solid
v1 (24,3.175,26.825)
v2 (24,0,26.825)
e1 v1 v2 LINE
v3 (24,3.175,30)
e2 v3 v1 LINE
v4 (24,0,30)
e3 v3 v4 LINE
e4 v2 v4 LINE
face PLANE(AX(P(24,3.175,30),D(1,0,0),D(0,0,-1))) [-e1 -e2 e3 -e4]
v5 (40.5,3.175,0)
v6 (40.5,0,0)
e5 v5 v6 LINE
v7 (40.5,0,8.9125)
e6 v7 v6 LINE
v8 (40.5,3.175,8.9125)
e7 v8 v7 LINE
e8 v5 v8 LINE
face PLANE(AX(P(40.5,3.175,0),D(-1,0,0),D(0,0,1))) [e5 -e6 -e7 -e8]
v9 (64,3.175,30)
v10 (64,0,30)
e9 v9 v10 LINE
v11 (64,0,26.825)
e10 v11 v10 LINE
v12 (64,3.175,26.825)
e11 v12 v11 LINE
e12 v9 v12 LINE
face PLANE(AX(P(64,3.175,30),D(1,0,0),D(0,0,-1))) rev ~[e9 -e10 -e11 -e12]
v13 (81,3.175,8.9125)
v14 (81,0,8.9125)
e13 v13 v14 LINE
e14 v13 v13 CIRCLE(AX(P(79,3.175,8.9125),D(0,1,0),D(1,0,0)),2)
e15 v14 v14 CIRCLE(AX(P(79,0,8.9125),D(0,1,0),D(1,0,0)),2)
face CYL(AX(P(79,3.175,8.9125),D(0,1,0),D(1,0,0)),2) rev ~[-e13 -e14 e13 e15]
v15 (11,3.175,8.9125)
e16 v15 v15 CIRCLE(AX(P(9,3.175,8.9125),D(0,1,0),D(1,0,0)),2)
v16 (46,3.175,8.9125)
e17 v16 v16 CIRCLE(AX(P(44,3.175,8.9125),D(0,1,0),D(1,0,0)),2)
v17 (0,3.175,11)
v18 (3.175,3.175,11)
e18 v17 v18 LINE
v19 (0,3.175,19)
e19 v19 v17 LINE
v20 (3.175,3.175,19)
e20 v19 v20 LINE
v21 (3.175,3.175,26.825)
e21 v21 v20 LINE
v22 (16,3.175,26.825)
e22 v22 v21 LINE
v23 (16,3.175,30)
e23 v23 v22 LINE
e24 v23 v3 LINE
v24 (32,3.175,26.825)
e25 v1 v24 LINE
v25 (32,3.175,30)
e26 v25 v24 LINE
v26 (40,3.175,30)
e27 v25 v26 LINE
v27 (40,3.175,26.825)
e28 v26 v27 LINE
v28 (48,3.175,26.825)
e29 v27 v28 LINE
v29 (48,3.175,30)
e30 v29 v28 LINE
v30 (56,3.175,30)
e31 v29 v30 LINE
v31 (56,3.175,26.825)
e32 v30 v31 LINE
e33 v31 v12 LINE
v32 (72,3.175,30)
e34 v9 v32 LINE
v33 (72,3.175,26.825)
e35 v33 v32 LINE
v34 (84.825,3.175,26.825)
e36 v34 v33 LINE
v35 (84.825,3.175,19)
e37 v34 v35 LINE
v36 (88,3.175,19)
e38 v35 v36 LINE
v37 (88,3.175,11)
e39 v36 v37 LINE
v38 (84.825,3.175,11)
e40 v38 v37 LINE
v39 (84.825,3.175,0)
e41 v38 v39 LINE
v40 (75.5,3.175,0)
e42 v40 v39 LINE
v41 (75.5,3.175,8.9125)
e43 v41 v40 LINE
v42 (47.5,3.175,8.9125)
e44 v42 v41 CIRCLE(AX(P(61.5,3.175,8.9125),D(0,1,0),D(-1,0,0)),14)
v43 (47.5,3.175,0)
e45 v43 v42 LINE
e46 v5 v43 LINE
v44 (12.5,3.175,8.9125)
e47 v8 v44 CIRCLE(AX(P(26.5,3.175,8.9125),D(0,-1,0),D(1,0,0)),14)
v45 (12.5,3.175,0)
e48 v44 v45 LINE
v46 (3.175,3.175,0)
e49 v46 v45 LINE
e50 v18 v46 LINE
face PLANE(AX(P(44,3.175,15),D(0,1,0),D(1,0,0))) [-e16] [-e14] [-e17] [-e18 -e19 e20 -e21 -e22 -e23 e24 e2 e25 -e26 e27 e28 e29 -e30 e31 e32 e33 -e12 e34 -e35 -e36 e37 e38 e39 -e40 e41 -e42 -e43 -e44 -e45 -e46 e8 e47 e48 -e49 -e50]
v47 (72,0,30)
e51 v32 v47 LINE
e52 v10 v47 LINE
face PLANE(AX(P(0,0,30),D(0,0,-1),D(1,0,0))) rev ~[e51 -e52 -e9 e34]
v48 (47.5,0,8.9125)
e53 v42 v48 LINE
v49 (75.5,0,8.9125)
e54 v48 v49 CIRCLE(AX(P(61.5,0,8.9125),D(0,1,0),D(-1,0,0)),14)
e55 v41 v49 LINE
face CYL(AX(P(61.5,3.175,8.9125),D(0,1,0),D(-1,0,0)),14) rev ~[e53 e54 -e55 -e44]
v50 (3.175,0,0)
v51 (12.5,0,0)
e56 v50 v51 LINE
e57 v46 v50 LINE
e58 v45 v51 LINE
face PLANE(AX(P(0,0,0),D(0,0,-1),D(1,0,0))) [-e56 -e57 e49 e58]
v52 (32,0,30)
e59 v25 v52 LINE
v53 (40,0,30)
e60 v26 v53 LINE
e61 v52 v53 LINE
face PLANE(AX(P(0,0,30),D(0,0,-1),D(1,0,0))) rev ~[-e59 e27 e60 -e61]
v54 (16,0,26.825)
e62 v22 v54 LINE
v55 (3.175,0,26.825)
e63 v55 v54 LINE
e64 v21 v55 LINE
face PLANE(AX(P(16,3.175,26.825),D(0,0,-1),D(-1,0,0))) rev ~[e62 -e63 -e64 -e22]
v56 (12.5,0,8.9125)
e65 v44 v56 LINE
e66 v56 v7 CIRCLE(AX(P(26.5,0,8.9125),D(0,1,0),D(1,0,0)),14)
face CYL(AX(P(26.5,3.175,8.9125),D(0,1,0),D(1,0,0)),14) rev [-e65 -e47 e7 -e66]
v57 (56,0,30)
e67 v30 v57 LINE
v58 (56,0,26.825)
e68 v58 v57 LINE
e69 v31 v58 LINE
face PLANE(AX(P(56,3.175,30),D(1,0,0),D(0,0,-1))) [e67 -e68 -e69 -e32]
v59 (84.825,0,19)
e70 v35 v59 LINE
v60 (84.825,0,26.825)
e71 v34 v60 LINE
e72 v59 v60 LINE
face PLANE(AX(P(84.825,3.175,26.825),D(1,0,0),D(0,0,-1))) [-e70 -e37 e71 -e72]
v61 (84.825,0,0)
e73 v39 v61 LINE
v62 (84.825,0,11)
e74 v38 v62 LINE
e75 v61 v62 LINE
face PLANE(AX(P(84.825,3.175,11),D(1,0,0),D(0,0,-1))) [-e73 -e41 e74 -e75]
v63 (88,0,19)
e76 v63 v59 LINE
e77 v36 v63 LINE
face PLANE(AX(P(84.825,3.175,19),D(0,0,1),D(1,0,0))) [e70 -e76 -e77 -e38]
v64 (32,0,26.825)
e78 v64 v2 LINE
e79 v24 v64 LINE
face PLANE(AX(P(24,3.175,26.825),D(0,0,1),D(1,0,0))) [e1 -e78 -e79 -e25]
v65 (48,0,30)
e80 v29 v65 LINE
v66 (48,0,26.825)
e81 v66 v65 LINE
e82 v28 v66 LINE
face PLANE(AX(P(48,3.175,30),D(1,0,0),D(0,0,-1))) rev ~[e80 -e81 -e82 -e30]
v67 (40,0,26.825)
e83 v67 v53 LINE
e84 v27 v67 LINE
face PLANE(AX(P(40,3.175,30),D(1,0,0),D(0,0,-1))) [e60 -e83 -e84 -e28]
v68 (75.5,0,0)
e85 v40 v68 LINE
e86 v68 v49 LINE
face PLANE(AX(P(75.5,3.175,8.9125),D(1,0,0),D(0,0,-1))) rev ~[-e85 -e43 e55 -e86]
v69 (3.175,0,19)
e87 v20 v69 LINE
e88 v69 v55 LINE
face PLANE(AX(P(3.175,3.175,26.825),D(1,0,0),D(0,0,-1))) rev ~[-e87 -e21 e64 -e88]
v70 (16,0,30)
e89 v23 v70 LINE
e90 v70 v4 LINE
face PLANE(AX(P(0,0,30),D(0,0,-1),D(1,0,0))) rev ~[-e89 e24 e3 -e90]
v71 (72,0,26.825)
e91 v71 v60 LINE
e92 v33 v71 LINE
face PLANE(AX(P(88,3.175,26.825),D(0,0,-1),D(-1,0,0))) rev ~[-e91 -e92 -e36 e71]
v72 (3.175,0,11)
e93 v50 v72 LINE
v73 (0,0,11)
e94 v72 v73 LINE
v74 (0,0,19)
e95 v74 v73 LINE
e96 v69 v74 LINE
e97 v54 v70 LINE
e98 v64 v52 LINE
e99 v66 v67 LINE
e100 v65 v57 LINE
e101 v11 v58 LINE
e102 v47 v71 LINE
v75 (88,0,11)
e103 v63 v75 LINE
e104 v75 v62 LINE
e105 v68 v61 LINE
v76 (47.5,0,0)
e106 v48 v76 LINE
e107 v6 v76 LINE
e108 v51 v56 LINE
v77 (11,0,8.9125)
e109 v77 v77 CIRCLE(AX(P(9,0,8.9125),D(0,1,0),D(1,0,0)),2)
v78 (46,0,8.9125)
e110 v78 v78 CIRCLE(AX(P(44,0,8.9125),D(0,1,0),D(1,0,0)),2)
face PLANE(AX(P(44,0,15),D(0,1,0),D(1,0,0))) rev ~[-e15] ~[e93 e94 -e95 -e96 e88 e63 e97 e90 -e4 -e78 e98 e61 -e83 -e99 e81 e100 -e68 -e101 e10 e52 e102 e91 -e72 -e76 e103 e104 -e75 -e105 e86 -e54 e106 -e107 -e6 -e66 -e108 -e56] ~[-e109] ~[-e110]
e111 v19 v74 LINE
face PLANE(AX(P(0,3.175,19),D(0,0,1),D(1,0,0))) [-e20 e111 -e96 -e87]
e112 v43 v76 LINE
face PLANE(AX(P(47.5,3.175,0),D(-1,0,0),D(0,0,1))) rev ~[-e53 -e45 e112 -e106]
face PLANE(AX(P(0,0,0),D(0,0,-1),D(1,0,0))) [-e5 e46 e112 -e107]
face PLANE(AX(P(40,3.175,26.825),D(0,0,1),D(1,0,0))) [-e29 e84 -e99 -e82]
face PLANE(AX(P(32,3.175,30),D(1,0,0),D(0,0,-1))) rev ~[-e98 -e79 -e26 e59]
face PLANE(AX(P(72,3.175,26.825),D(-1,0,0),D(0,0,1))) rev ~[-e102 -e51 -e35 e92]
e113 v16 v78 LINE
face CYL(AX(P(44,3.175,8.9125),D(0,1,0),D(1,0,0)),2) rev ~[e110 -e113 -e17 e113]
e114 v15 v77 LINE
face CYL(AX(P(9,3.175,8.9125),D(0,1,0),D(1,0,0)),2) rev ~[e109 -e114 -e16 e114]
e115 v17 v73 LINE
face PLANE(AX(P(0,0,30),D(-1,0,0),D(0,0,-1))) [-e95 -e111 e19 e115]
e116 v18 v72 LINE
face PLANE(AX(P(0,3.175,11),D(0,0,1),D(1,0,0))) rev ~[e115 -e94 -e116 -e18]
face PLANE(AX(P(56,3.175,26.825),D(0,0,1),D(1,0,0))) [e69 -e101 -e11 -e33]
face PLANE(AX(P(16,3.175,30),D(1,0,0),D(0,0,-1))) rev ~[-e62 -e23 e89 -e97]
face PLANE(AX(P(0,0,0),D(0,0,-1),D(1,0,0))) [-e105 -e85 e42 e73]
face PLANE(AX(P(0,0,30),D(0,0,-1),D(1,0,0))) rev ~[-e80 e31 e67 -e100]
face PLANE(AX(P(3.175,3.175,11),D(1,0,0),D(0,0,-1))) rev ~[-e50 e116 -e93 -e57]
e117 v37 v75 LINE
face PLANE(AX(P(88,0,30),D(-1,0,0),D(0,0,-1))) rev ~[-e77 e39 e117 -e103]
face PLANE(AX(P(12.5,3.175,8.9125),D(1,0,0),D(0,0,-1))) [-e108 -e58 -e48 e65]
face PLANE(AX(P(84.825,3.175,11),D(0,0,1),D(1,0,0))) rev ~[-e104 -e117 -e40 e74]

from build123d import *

# Parameters (mm, degrees)
SKETCH3_W           = 88
SKETCH3_H           = 30
BOSS_EXTRUDE1_DEPTH = 3.175
CUT_EXTRUDE1_REACH  = 5.175
SKETCH4_W           = 3.175
SKETCH4_H           = 7.825
SKETCH4_W_2         = 8
SKETCH4_H_2         = 3.175
SKETCH4_H_3         = 11
CUT_EXTRUDE2_REACH  = 5.175
SKETCH5_R           = 2


with BuildPart() as part:
    # Sketch3 → Boss-Extrude1 (new body)
    with BuildSketch(Plane(origin=(0, 0, 0), x_dir=(1, 0, 0), z_dir=(0, 1, 0))):
        with Locations((44, -15)):
            Rectangle(SKETCH3_W, SKETCH3_H)
    extrude(amount=BOSS_EXTRUDE1_DEPTH)

    # Sketch4 → Cut-Extrude1 (cut, up to next)
    with BuildSketch(Plane(origin=(0, 3.175, 0), x_dir=(1, 0, 0), z_dir=(0, 1, 0)), mode=Mode.PRIVATE) as cut_extrude1_sk1:
        with Locations((1.5875, -22.9125)):
            Rectangle(SKETCH4_W, SKETCH4_H)
    cut_extrude1_tool1 = extrude(cut_extrude1_sk1.sketch, amount=-CUT_EXTRUDE1_REACH, mode=Mode.PRIVATE) & part.part
    add(cut_extrude1_tool1.solids().sort_by_distance((1.5875, 3.175, 22.9125))[0], mode=Mode.SUBTRACT)
    # Sketch4 → Cut-Extrude1 (cut, up to next)
    with BuildSketch(Plane(origin=(0, 3.175, 0), x_dir=(1, 0, 0), z_dir=(0, 1, 0)), mode=Mode.PRIVATE) as cut_extrude1_sk2:
        Polygon((0, -30), (16, -30), (16, -26.825), (3.175, -26.825), (0, -26.825), align=None)
    cut_extrude1_tool2 = extrude(cut_extrude1_sk2.sketch, amount=-CUT_EXTRUDE1_REACH, mode=Mode.PRIVATE) & part.part
    add(cut_extrude1_tool2.solids().sort_by_distance((8, 3.175, 28.4125))[0], mode=Mode.SUBTRACT)
    # Sketch4 → Cut-Extrude1 (cut, up to next)
    with BuildSketch(Plane(origin=(0, 3.175, 0), x_dir=(1, 0, 0), z_dir=(0, 1, 0)), mode=Mode.PRIVATE) as cut_extrude1_sk3:
        with Locations((28, -28.4125)):
            Rectangle(SKETCH4_W_2, SKETCH4_H_2)
    cut_extrude1_tool3 = extrude(cut_extrude1_sk3.sketch, amount=-CUT_EXTRUDE1_REACH, mode=Mode.PRIVATE) & part.part
    add(cut_extrude1_tool3.solids().sort_by_distance((28, 3.175, 28.4125))[0], mode=Mode.SUBTRACT)
    # Sketch4 → Cut-Extrude1 (cut, up to next)
    with BuildSketch(Plane(origin=(0, 3.175, 0), x_dir=(1, 0, 0), z_dir=(0, 1, 0)), mode=Mode.PRIVATE) as cut_extrude1_sk4:
        with Locations((44, -28.4125)):
            Rectangle(SKETCH4_W_2, SKETCH4_H_2)
    cut_extrude1_tool4 = extrude(cut_extrude1_sk4.sketch, amount=-CUT_EXTRUDE1_REACH, mode=Mode.PRIVATE) & part.part
    add(cut_extrude1_tool4.solids().sort_by_distance((44, 3.175, 28.4125))[0], mode=Mode.SUBTRACT)
    # Sketch4 → Cut-Extrude1 (cut, up to next)
    with BuildSketch(Plane(origin=(0, 3.175, 0), x_dir=(1, 0, 0), z_dir=(0, 1, 0)), mode=Mode.PRIVATE) as cut_extrude1_sk5:
        with Locations((60, -28.4125)):
            Rectangle(SKETCH4_W_2, SKETCH4_H_2)
    cut_extrude1_tool5 = extrude(cut_extrude1_sk5.sketch, amount=-CUT_EXTRUDE1_REACH, mode=Mode.PRIVATE) & part.part
    add(cut_extrude1_tool5.solids().sort_by_distance((60, 3.175, 28.4125))[0], mode=Mode.SUBTRACT)
    # Sketch4 → Cut-Extrude1 (cut, up to next)
    with BuildSketch(Plane(origin=(0, 3.175, 0), x_dir=(1, 0, 0), z_dir=(0, 1, 0)), mode=Mode.PRIVATE) as cut_extrude1_sk6:
        with Locations((86.4125, -22.9125)):
            Rectangle(SKETCH4_W, SKETCH4_H)
    cut_extrude1_tool6 = extrude(cut_extrude1_sk6.sketch, amount=-CUT_EXTRUDE1_REACH, mode=Mode.PRIVATE) & part.part
    add(cut_extrude1_tool6.solids().sort_by_distance((86.4125, 3.175, 22.9125))[0], mode=Mode.SUBTRACT)
    # Sketch4 → Cut-Extrude1 (cut, up to next)
    with BuildSketch(Plane(origin=(0, 3.175, 0), x_dir=(1, 0, 0), z_dir=(0, 1, 0)), mode=Mode.PRIVATE) as cut_extrude1_sk7:
        with Locations((86.4125, -5.5)):
            Rectangle(SKETCH4_W, SKETCH4_H_3)
    cut_extrude1_tool7 = extrude(cut_extrude1_sk7.sketch, amount=-CUT_EXTRUDE1_REACH, mode=Mode.PRIVATE) & part.part
    add(cut_extrude1_tool7.solids().sort_by_distance((86.4125, 3.175, 5.5))[0], mode=Mode.SUBTRACT)
    # Sketch4 → Cut-Extrude1 (cut, up to next)
    with BuildSketch(Plane(origin=(0, 3.175, 0), x_dir=(1, 0, 0), z_dir=(0, 1, 0)), mode=Mode.PRIVATE) as cut_extrude1_sk8:
        Polygon((72, -26.825), (72, -30), (88, -30), (88, -26.825), (84.825, -26.825), align=None)
    cut_extrude1_tool8 = extrude(cut_extrude1_sk8.sketch, amount=-CUT_EXTRUDE1_REACH, mode=Mode.PRIVATE) & part.part
    add(cut_extrude1_tool8.solids().sort_by_distance((80, 3.175, 28.4125))[0], mode=Mode.SUBTRACT)
    # Sketch4 → Cut-Extrude1 (cut, up to next)
    with BuildSketch(Plane(origin=(0, 3.175, 0), x_dir=(1, 0, 0), z_dir=(0, 1, 0)), mode=Mode.PRIVATE) as cut_extrude1_sk9:
        with Locations((1.5875, -5.5)):
            Rectangle(SKETCH4_W, SKETCH4_H_3)
    cut_extrude1_tool9 = extrude(cut_extrude1_sk9.sketch, amount=-CUT_EXTRUDE1_REACH, mode=Mode.PRIVATE) & part.part
    add(cut_extrude1_tool9.solids().sort_by_distance((1.5875, 3.175, 5.5))[0], mode=Mode.SUBTRACT)

    # Sketch5 → Cut-Extrude2 (cut, up to next)
    with BuildSketch(Plane(origin=(0, 3.175, 0), x_dir=(1, 0, 0), z_dir=(0, 1, 0)), mode=Mode.PRIVATE) as cut_extrude2_sk1:
        with Locations((44, -8.9125)):
            Circle(SKETCH5_R)
    cut_extrude2_tool1 = extrude(cut_extrude2_sk1.sketch, amount=-CUT_EXTRUDE2_REACH, mode=Mode.PRIVATE) & part.part
    add(cut_extrude2_tool1.solids().sort_by_distance((44, 3.175, 8.9125))[0], mode=Mode.SUBTRACT)
    # Sketch5 → Cut-Extrude2 (cut, up to next)
    with BuildSketch(Plane(origin=(0, 3.175, 0), x_dir=(1, 0, 0), z_dir=(0, 1, 0)), mode=Mode.PRIVATE) as cut_extrude2_sk2:
        with Locations((9, -8.9125)):
            Circle(SKETCH5_R)
    cut_extrude2_tool2 = extrude(cut_extrude2_sk2.sketch, amount=-CUT_EXTRUDE2_REACH, mode=Mode.PRIVATE) & part.part
    add(cut_extrude2_tool2.solids().sort_by_distance((9, 3.175, 8.9125))[0], mode=Mode.SUBTRACT)
    # Sketch5 → Cut-Extrude2 (cut, up to next)
    with BuildSketch(Plane(origin=(0, 3.175, 0), x_dir=(1, 0, 0), z_dir=(0, 1, 0)), mode=Mode.PRIVATE) as cut_extrude2_sk3:
        with Locations((79, -8.9125)):
            Circle(SKETCH5_R)
    cut_extrude2_tool3 = extrude(cut_extrude2_sk3.sketch, amount=-CUT_EXTRUDE2_REACH, mode=Mode.PRIVATE) & part.part
    add(cut_extrude2_tool3.solids().sort_by_distance((79, 3.175, 8.9125))[0], mode=Mode.SUBTRACT)
    # Sketch5 → Cut-Extrude2 (cut, up to next)
    with BuildSketch(Plane(origin=(0, 3.175, 0), x_dir=(1, 0, 0), z_dir=(0, 1, 0)), mode=Mode.PRIVATE) as cut_extrude2_sk4:
        with BuildLine():
            Line((75.5, -8.9125), (75.5, 0))
            Line((75.5, 0), (47.5, 0))
            Line((47.5, 0), (47.5, -8.9125))
            ThreePointArc((47.5, -8.9125), (61.5, -22.9125), (75.5, -8.9125))
        make_face()
    cut_extrude2_tool4 = extrude(cut_extrude2_sk4.sketch, amount=-CUT_EXTRUDE2_REACH, mode=Mode.PRIVATE) & part.part
    add(cut_extrude2_tool4.solids().sort_by_distance((61.5, 3.175, 10.199265))[0], mode=Mode.SUBTRACT)
    # Sketch5 → Cut-Extrude2 (cut, up to next)
    with BuildSketch(Plane(origin=(0, 3.175, 0), x_dir=(1, 0, 0), z_dir=(0, 1, 0)), mode=Mode.PRIVATE) as cut_extrude2_sk5:
        with BuildLine():
            Line((12.5, -8.9125), (12.5, 0))
            Line((12.5, 0), (40.5, 0))
            Line((40.5, 0), (40.5, -8.9125))
            ThreePointArc((40.5, -8.9125), (26.5, -22.9125), (12.5, -8.9125))
        make_face()
    cut_extrude2_tool5 = extrude(cut_extrude2_sk5.sketch, amount=-CUT_EXTRUDE2_REACH, mode=Mode.PRIVATE) & part.part
    add(cut_extrude2_tool5.solids().sort_by_distance((26.5, 3.175, 10.199265))[0], mode=Mode.SUBTRACT)


solid = part.part
